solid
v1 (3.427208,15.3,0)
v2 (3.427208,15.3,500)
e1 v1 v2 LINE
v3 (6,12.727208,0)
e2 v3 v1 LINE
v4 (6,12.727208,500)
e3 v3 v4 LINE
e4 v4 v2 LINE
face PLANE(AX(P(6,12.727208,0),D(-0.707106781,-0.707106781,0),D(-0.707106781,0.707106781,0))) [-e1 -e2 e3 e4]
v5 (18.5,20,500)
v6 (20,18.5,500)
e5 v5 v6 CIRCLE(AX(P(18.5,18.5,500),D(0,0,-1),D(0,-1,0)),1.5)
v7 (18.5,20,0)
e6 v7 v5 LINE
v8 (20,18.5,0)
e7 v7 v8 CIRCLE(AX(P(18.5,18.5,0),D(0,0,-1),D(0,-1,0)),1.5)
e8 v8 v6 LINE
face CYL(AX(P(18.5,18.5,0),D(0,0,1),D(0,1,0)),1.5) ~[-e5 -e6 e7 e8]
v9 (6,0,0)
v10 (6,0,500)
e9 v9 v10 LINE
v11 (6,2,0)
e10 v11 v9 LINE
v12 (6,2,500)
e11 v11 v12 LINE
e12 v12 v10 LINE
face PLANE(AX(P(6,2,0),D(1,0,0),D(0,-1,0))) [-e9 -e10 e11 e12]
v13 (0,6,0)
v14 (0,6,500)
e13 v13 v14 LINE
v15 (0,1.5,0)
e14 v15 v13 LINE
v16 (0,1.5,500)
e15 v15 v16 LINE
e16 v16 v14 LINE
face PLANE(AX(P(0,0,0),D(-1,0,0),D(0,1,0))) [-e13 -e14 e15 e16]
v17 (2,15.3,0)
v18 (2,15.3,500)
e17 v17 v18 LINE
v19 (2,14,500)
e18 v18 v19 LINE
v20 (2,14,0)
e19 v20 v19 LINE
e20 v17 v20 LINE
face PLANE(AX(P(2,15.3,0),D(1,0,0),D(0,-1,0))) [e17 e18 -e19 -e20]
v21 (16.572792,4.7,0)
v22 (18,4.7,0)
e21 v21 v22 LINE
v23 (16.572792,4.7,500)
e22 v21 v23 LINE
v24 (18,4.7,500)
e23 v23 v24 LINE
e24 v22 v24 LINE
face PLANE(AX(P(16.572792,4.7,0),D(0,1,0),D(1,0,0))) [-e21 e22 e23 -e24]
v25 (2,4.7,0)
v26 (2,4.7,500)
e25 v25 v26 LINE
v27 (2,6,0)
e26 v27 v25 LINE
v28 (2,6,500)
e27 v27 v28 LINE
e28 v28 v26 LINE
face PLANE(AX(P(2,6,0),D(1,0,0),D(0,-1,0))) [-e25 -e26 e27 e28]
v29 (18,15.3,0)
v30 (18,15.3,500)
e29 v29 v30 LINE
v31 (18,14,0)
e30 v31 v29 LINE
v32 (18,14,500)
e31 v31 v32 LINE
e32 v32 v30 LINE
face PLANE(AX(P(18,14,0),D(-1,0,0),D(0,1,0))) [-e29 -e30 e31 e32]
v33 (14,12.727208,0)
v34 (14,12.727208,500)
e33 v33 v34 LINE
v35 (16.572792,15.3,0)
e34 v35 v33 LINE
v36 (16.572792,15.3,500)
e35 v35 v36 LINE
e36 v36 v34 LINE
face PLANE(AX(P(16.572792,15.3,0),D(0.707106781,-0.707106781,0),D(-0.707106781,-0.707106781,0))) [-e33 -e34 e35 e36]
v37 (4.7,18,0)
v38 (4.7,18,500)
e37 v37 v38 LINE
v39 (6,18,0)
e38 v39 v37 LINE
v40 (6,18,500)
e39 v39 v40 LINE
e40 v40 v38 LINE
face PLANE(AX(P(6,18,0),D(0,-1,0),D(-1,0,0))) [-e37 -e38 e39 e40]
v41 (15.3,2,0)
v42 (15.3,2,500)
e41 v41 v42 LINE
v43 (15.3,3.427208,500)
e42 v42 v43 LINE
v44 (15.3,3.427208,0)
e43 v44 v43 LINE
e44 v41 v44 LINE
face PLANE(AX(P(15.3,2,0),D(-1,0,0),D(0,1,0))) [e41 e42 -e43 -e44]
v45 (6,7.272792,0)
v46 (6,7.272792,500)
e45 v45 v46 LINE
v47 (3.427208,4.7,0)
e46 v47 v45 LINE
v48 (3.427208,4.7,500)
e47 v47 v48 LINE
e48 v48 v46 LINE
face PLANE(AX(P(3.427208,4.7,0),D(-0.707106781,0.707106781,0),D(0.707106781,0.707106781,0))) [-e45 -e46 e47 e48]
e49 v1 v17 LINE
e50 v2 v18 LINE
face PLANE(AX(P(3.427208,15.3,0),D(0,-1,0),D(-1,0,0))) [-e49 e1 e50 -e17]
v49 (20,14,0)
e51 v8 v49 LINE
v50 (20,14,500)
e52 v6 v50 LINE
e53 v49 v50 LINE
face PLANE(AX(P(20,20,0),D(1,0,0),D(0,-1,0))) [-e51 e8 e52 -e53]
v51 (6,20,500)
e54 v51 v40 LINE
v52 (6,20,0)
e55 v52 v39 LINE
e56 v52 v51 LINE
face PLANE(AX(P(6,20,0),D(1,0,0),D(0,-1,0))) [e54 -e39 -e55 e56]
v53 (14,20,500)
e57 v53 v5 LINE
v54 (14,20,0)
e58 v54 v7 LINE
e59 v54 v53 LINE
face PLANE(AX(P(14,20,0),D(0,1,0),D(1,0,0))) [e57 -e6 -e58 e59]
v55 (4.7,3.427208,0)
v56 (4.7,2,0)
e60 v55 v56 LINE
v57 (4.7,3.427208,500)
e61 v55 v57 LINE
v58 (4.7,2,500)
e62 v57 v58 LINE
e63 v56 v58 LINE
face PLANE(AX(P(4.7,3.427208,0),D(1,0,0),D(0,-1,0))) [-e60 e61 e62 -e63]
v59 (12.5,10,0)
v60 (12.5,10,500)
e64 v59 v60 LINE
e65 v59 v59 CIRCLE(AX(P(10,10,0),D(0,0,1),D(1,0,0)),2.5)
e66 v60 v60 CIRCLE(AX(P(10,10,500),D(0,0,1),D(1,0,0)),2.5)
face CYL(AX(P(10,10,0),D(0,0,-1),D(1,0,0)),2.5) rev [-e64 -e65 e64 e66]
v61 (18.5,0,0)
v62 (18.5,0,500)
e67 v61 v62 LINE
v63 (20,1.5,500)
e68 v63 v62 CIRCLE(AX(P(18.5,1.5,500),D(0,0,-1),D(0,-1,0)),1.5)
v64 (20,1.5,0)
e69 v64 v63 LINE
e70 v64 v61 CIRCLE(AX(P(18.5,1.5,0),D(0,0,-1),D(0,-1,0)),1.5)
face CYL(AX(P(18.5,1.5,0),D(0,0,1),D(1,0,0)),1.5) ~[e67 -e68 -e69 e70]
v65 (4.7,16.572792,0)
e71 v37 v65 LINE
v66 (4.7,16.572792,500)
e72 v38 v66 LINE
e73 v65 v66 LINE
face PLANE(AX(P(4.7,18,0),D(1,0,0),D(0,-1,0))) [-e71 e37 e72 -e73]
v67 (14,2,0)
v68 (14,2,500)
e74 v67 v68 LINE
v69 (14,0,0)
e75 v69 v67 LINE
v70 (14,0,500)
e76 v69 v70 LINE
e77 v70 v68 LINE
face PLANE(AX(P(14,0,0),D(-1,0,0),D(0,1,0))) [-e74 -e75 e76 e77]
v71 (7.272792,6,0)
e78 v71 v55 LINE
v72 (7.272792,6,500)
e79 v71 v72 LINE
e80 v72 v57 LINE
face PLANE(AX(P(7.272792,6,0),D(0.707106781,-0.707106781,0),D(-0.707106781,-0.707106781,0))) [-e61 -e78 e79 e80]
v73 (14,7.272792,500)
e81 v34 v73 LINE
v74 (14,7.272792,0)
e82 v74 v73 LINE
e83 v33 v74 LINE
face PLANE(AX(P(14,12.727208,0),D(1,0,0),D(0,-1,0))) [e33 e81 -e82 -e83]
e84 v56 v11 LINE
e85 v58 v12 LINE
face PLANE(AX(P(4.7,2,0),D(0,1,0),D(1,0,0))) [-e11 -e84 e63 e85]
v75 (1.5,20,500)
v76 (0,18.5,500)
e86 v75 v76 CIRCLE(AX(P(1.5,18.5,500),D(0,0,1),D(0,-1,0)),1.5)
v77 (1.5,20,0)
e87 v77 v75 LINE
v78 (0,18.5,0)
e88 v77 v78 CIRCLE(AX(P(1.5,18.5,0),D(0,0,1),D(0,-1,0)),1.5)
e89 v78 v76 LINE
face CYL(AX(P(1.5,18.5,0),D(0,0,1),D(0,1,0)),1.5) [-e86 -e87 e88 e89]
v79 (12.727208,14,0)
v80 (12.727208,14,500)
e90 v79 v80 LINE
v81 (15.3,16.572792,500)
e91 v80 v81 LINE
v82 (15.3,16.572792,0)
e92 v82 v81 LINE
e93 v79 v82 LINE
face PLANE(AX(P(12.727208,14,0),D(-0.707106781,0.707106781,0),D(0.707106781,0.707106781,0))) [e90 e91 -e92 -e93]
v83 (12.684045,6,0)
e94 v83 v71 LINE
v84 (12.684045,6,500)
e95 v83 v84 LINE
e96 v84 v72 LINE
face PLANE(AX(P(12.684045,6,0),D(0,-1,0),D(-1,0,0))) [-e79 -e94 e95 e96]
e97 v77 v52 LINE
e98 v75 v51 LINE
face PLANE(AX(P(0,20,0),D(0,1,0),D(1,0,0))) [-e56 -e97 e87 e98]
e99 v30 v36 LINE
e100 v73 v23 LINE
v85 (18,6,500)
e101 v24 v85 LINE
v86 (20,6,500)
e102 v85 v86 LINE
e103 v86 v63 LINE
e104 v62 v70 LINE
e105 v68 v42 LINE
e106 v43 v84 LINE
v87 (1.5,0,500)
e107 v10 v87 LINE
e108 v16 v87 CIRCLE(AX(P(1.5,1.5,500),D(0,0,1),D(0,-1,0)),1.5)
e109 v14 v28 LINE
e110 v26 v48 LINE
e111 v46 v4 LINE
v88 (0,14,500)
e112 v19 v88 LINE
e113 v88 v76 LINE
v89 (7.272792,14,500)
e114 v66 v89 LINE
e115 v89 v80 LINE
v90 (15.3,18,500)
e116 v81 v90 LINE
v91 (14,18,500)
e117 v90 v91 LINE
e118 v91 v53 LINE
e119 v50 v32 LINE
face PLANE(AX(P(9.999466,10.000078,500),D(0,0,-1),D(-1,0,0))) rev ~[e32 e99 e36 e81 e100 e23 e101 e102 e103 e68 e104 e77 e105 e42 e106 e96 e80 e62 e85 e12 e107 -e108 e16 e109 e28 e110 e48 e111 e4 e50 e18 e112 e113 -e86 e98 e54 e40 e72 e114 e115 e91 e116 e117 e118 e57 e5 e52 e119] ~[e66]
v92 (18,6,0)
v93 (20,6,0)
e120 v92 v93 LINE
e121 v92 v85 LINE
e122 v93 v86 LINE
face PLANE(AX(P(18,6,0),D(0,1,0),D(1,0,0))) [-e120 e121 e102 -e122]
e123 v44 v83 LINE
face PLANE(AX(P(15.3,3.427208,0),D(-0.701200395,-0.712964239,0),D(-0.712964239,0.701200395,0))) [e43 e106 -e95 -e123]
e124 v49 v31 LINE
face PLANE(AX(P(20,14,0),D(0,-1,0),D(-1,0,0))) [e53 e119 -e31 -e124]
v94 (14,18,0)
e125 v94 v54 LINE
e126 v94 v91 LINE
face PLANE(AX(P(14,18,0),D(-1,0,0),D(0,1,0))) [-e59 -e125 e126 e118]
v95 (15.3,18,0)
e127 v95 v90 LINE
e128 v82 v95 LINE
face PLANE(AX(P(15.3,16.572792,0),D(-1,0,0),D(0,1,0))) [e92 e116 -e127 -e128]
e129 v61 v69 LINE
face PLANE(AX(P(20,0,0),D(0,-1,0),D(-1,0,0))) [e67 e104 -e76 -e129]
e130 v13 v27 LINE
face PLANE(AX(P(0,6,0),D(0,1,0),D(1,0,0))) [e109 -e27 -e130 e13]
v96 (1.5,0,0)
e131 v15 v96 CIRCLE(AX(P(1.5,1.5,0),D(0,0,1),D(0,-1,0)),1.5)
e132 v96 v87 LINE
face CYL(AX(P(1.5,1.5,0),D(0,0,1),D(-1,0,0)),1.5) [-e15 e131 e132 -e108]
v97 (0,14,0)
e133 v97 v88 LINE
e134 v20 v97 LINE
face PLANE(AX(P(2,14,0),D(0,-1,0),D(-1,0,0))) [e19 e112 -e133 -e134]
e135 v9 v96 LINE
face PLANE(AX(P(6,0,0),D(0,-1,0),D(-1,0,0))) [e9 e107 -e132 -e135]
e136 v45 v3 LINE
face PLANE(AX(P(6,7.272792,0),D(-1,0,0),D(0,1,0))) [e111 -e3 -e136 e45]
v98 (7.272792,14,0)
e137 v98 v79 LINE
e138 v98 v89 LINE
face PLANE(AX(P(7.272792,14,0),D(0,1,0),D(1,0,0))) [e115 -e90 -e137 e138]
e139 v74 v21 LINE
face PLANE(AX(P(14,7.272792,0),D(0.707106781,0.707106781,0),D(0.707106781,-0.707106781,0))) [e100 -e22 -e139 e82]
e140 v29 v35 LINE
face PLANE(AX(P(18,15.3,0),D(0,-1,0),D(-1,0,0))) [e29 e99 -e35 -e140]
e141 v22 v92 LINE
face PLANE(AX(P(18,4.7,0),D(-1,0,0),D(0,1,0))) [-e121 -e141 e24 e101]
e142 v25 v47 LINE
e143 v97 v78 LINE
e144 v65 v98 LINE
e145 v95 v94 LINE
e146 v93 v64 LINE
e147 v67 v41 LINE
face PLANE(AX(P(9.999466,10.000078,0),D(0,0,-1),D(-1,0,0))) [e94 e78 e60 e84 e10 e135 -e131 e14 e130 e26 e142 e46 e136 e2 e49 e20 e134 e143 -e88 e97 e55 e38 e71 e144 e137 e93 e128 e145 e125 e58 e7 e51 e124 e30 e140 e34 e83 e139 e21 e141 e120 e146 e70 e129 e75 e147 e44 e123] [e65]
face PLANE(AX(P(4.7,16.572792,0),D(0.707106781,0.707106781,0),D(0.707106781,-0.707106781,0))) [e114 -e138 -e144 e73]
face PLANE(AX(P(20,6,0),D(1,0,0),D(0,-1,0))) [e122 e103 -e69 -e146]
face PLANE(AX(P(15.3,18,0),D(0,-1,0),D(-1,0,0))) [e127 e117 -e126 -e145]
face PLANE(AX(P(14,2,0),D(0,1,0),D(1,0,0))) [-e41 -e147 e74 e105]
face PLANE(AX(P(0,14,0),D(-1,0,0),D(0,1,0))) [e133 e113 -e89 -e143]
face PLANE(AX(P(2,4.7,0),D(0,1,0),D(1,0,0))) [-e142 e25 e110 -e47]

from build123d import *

# Parameters (mm, degrees)
SKETCH_1_R      = 2.5
EXTRUDE_1_DEPTH = 500
FILLET_1_R      = 1.5


with BuildPart() as part:
    # Эскиз1 → Бобышка-Вытянуть1 (new body)
    with BuildSketch(Plane.XY):
        Polygon((14, 20), (20, 20), (20, 14), (18, 14), (18, 15.3), (16.572792206, 15.3), (14, 12.727207794), (14, 7.272792206), (16.572792206, 4.7), (18, 4.7), (18, 6), (20, 6), (20, 0), (14, 0), (14, 2), (15.3, 2), (15.3, 3.427207794), (12.684044775, 6), (7.272792206, 6), (4.7, 3.427207794), (4.7, 2), (6, 2), (6, 0), (0, 0), (0, 6), (2, 6), (2, 4.7), (3.427207794, 4.7), (6, 7.272792206), (6, 12.727207794), (3.427207794, 15.3), (2, 15.3), (2, 14), (0, 14), (0, 20), (6, 20), (6, 18), (4.7, 18), (4.7, 16.572792206), (7.272792206, 14), (12.727207794, 14), (15.3, 16.572792206), (15.3, 18), (14, 18), align=None)
        with Locations((10, 10)):
            Circle(SKETCH_1_R, mode=Mode.SUBTRACT)
    extrude(amount=EXTRUDE_1_DEPTH)

    # Скругление1
    fillet_1_edges = [part.edges().sort_by_distance(p)[0] for p in [
        (0, 20, 250),
        (20, 20, 250),
        (20, 0, 250),
        (0, 0, 250),
    ]]
    fillet(fillet_1_edges, radius=FILLET_1_R)


solid = part.part
